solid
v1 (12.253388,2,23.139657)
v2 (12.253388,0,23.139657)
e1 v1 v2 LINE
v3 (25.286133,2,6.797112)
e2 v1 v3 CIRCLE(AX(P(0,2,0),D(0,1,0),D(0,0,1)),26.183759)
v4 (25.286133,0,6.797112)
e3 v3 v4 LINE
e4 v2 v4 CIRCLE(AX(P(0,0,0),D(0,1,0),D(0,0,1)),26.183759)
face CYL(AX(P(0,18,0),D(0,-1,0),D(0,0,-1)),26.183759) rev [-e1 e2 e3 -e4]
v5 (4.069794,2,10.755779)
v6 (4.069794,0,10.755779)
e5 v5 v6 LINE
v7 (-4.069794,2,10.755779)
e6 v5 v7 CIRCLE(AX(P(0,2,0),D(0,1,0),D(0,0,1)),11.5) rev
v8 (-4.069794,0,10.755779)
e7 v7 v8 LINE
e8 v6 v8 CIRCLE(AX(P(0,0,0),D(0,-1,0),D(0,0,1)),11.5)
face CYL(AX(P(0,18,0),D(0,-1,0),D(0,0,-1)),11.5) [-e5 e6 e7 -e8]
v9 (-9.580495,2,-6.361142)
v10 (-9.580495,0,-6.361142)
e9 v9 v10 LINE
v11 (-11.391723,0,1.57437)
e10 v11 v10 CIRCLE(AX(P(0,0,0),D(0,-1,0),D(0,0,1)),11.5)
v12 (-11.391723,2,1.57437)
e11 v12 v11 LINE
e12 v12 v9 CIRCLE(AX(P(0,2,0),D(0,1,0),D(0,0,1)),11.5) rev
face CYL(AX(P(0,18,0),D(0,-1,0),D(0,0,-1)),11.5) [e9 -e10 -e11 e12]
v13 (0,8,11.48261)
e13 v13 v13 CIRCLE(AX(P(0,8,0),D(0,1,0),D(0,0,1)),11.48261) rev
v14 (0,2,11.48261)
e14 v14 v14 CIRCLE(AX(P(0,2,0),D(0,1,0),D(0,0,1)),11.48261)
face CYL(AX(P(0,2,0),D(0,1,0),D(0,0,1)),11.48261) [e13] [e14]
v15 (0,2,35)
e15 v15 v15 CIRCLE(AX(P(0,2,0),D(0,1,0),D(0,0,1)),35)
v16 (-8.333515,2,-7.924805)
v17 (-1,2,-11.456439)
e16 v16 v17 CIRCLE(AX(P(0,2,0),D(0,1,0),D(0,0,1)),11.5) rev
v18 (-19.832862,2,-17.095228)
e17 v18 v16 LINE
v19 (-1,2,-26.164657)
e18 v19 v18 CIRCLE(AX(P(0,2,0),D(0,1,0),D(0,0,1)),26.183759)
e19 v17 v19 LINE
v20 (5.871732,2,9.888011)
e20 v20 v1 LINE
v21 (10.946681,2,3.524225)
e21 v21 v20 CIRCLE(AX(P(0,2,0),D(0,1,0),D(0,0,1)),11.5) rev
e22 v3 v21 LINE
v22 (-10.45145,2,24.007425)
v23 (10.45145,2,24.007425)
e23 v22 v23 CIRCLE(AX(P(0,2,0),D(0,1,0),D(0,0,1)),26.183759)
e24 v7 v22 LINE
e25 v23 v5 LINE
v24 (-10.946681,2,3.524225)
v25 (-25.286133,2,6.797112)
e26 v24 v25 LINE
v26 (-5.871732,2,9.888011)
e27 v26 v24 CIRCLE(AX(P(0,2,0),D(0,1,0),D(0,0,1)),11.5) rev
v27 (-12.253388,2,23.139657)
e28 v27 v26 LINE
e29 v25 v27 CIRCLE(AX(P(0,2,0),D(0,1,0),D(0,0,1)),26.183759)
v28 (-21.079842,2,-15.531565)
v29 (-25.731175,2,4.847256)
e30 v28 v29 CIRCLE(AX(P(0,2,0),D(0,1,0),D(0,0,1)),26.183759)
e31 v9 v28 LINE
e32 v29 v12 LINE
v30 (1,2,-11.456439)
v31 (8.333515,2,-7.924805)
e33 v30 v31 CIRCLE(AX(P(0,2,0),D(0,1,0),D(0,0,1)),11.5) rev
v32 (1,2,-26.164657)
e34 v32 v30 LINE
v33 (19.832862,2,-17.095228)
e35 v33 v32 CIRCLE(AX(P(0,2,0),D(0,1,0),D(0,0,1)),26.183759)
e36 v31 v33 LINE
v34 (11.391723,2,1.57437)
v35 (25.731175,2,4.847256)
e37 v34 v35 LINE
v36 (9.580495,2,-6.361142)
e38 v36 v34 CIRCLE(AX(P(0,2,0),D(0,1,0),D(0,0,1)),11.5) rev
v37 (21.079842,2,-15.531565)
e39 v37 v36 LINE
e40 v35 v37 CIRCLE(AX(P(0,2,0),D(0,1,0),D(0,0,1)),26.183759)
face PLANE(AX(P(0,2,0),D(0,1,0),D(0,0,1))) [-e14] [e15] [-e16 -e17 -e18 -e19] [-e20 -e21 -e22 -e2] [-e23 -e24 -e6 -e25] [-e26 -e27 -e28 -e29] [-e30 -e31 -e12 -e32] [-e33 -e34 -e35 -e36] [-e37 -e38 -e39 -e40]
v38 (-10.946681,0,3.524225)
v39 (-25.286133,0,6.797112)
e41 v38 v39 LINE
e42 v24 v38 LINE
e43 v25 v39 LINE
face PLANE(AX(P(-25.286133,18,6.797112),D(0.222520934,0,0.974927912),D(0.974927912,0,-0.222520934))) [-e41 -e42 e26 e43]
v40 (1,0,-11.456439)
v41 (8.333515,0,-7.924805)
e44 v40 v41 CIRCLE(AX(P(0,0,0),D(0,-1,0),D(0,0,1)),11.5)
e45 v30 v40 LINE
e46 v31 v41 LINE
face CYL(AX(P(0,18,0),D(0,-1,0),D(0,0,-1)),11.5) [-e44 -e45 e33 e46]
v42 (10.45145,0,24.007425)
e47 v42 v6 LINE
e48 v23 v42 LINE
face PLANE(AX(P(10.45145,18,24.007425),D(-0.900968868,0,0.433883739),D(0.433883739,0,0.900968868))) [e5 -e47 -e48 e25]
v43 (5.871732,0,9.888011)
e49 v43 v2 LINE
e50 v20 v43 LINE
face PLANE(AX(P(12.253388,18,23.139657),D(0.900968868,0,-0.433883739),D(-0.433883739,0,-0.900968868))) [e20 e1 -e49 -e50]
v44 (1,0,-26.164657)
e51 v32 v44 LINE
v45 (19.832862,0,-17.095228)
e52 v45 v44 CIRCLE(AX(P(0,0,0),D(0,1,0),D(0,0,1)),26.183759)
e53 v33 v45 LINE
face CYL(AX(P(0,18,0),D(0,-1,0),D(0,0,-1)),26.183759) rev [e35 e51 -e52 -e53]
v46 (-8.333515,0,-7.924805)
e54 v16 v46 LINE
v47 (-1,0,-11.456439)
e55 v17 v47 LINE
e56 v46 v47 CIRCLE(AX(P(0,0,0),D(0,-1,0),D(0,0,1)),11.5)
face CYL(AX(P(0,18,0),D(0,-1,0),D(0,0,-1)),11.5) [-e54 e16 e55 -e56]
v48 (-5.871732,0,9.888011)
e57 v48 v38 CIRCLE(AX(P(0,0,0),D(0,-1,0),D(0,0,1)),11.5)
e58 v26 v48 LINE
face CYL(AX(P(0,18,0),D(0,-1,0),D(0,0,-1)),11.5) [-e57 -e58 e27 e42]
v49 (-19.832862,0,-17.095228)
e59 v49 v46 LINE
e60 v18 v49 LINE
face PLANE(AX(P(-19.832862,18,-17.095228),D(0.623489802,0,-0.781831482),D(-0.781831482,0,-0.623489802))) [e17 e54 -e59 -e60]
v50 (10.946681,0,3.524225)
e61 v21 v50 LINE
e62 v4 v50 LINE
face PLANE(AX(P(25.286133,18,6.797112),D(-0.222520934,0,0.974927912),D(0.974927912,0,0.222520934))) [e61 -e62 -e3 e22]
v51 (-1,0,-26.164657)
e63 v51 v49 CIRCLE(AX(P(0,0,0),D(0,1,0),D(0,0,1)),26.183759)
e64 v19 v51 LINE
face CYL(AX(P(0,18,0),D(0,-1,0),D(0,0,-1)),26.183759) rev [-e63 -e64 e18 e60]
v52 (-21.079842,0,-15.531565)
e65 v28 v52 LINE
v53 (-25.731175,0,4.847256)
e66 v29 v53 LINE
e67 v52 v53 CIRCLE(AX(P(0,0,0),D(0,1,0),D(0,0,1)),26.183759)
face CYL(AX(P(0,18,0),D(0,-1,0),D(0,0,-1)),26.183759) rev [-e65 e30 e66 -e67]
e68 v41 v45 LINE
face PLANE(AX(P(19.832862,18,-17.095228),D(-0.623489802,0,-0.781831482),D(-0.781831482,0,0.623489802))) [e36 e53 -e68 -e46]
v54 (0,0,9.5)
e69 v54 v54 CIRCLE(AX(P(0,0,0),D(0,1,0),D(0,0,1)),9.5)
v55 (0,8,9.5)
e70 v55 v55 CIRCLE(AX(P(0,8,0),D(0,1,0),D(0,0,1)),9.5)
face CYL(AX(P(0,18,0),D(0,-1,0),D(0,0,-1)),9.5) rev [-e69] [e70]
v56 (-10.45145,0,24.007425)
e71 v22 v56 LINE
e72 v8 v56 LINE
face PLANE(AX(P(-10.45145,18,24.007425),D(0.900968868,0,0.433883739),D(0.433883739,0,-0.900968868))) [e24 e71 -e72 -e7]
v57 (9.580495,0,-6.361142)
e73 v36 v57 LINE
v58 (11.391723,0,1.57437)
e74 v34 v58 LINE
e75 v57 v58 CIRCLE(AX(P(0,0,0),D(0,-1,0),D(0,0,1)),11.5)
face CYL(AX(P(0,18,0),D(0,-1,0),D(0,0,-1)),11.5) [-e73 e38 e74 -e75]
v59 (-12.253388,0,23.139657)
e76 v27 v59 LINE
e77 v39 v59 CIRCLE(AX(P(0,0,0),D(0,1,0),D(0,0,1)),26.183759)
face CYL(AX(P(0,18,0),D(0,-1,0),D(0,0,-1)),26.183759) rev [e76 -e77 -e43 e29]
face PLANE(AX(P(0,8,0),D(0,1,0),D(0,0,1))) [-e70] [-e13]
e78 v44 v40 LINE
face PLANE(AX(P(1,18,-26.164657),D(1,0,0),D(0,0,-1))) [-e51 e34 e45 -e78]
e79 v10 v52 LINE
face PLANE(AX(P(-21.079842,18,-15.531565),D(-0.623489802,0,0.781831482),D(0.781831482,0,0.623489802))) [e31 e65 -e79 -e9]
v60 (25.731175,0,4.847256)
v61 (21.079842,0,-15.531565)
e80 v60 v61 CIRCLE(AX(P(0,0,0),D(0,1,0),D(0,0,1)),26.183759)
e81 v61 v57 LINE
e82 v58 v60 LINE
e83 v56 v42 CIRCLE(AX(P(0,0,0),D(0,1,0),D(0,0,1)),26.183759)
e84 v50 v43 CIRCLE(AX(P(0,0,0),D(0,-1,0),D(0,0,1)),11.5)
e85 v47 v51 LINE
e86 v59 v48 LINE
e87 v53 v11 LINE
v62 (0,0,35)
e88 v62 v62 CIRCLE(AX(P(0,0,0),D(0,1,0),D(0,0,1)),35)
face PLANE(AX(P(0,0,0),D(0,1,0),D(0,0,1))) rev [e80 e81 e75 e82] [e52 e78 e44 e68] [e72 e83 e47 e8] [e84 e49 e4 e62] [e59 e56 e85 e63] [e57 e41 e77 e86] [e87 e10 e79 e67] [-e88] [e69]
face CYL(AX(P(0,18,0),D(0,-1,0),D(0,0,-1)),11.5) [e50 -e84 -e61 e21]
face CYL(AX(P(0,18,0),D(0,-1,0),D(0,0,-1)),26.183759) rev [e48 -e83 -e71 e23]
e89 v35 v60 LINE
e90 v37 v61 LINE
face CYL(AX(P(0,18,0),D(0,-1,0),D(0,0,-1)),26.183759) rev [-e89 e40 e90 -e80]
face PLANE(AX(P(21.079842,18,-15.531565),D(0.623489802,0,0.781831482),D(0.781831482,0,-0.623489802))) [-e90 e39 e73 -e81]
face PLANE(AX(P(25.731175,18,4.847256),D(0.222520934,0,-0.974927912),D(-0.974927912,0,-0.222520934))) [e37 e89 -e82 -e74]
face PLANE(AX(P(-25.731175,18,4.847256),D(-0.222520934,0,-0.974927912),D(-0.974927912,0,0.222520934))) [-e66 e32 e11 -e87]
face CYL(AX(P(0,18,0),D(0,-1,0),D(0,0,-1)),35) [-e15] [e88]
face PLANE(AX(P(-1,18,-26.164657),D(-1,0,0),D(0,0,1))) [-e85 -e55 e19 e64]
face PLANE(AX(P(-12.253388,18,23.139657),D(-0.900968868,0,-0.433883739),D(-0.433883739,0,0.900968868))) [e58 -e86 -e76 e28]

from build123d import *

# Parameters (mm, degrees)
SKETCH_1_R          = 35
SKETCH_1_R_2        = 9.5
EXTRUDE_1_DEPTH     = 18
SKETCH_2_R          = 40.856384021
SKETCH_2_R_2        = 11.482609949
CUT_EXTRUDE_1_DEPTH = 16
SKETCH_3_R          = 16.811419883
CUT_EXTRUDE_2_DEPTH = 10


with BuildPart() as part:
    # 草图1 → 凸台-拉伸1 (new body)
    with BuildSketch(Plane(origin=(0, 0, 0), x_dir=(1, 0, 0), z_dir=(0, 1, 0))):
        Circle(SKETCH_1_R)
        Circle(SKETCH_1_R_2, mode=Mode.SUBTRACT)
        with BuildLine():
            Line((19.832862473, 17.095228055), (8.333515071, 7.924804513))
            ThreePointArc((8.333515071, 7.924804513), (4.989663, 10.361141981), (1, 11.456439237))
            Line((1, 11.456439237), (1, 26.164656621))
            ThreePointArc((1, 26.164656621), (11.360707431, 23.59075206), (19.832862473, 17.095228055))
        make_face(mode=Mode.SUBTRACT)
        with BuildLine():
            Line((-1, 26.164656621), (-1, 11.456439237))
            ThreePointArc((-1, 11.456439237), (-4.989663, 10.361141981), (-8.333515071, 7.924804513))
            Line((-8.333515071, 7.924804513), (-19.832862473, 17.095228055))
            ThreePointArc((-19.832862473, 17.095228055), (-11.360707431, 23.59075206), (-1, 26.164656621))
        make_face(mode=Mode.SUBTRACT)
        with BuildLine():
            Line((21.079842076, 15.53156509), (9.580494675, 6.361141548))
            ThreePointArc((9.580494675, 6.361141548), (11.21167099, 2.55899074), (11.391723321, -1.574369647))
            Line((11.391723321, -1.574369647), (25.731174987, -4.847255916))
            ThreePointArc((25.731174987, -4.847255916), (25.527277881, 5.826434595), (21.079842076, 15.53156509))
        make_face(mode=Mode.SUBTRACT)
        with BuildLine():
            Line((25.286133119, -6.79711174), (10.946681453, -3.524225471))
            ThreePointArc((10.946681453, -3.524225471), (8.991062048, -7.170132721), (5.871731561, -9.888011351))
            Line((5.871731561, -9.888011351), (12.253387915, -23.139657316))
            ThreePointArc((12.253387915, -23.139657316), (20.471287425, -16.325306958), (25.286133119, -6.79711174))
        make_face(mode=Mode.SUBTRACT)
        with BuildLine():
            Line((10.45145018, -24.007424794), (4.069793825, -10.755778829))
            ThreePointArc((4.069793825, -10.755778829), (0, -11.5), (-4.069793825, -10.755778829))
            Line((-4.069793825, -10.755778829), (-10.45145018, -24.007424794))
            ThreePointArc((-10.45145018, -24.007424794), (0, -26.183759396), (10.45145018, -24.007424794))
        make_face(mode=Mode.SUBTRACT)
        with BuildLine():
            Line((-12.253387915, -23.139657316), (-5.871731561, -9.888011351))
            ThreePointArc((-5.871731561, -9.888011351), (-8.991062048, -7.170132721), (-10.946681453, -3.524225471))
            Line((-10.946681453, -3.524225471), (-25.286133119, -6.79711174))
            ThreePointArc((-25.286133119, -6.79711174), (-20.471287425, -16.325306958), (-12.253387915, -23.139657316))
        make_face(mode=Mode.SUBTRACT)
        with BuildLine():
            Line((-25.731174987, -4.847255916), (-11.391723321, -1.574369647))
            ThreePointArc((-11.391723321, -1.574369647), (-11.21167099, 2.55899074), (-9.580494675, 6.361141548))
            Line((-9.580494675, 6.361141548), (-21.079842076, 15.53156509))
            ThreePointArc((-21.079842076, 15.53156509), (-25.527277881, 5.826434595), (-25.731174987, -4.847255916))
        make_face(mode=Mode.SUBTRACT)
    extrude(amount=EXTRUDE_1_DEPTH)

    # 草图2 → 切除-拉伸1 (cut)
    with BuildSketch(Plane(origin=(0, 18, 0), x_dir=(1, 0, 0), z_dir=(0, 1, 0))):
        Circle(SKETCH_2_R)
        Circle(SKETCH_2_R_2, mode=Mode.SUBTRACT)
    extrude(amount=-CUT_EXTRUDE_1_DEPTH, mode=Mode.SUBTRACT)

    # 草图3 → 切除-拉伸2 (cut)
    with BuildSketch(Plane(origin=(0, 18, 0), x_dir=(1, 0, 0), z_dir=(0, 1, 0))):
        Circle(SKETCH_3_R)
    extrude(amount=-CUT_EXTRUDE_2_DEPTH, mode=Mode.SUBTRACT)


solid = part.part
